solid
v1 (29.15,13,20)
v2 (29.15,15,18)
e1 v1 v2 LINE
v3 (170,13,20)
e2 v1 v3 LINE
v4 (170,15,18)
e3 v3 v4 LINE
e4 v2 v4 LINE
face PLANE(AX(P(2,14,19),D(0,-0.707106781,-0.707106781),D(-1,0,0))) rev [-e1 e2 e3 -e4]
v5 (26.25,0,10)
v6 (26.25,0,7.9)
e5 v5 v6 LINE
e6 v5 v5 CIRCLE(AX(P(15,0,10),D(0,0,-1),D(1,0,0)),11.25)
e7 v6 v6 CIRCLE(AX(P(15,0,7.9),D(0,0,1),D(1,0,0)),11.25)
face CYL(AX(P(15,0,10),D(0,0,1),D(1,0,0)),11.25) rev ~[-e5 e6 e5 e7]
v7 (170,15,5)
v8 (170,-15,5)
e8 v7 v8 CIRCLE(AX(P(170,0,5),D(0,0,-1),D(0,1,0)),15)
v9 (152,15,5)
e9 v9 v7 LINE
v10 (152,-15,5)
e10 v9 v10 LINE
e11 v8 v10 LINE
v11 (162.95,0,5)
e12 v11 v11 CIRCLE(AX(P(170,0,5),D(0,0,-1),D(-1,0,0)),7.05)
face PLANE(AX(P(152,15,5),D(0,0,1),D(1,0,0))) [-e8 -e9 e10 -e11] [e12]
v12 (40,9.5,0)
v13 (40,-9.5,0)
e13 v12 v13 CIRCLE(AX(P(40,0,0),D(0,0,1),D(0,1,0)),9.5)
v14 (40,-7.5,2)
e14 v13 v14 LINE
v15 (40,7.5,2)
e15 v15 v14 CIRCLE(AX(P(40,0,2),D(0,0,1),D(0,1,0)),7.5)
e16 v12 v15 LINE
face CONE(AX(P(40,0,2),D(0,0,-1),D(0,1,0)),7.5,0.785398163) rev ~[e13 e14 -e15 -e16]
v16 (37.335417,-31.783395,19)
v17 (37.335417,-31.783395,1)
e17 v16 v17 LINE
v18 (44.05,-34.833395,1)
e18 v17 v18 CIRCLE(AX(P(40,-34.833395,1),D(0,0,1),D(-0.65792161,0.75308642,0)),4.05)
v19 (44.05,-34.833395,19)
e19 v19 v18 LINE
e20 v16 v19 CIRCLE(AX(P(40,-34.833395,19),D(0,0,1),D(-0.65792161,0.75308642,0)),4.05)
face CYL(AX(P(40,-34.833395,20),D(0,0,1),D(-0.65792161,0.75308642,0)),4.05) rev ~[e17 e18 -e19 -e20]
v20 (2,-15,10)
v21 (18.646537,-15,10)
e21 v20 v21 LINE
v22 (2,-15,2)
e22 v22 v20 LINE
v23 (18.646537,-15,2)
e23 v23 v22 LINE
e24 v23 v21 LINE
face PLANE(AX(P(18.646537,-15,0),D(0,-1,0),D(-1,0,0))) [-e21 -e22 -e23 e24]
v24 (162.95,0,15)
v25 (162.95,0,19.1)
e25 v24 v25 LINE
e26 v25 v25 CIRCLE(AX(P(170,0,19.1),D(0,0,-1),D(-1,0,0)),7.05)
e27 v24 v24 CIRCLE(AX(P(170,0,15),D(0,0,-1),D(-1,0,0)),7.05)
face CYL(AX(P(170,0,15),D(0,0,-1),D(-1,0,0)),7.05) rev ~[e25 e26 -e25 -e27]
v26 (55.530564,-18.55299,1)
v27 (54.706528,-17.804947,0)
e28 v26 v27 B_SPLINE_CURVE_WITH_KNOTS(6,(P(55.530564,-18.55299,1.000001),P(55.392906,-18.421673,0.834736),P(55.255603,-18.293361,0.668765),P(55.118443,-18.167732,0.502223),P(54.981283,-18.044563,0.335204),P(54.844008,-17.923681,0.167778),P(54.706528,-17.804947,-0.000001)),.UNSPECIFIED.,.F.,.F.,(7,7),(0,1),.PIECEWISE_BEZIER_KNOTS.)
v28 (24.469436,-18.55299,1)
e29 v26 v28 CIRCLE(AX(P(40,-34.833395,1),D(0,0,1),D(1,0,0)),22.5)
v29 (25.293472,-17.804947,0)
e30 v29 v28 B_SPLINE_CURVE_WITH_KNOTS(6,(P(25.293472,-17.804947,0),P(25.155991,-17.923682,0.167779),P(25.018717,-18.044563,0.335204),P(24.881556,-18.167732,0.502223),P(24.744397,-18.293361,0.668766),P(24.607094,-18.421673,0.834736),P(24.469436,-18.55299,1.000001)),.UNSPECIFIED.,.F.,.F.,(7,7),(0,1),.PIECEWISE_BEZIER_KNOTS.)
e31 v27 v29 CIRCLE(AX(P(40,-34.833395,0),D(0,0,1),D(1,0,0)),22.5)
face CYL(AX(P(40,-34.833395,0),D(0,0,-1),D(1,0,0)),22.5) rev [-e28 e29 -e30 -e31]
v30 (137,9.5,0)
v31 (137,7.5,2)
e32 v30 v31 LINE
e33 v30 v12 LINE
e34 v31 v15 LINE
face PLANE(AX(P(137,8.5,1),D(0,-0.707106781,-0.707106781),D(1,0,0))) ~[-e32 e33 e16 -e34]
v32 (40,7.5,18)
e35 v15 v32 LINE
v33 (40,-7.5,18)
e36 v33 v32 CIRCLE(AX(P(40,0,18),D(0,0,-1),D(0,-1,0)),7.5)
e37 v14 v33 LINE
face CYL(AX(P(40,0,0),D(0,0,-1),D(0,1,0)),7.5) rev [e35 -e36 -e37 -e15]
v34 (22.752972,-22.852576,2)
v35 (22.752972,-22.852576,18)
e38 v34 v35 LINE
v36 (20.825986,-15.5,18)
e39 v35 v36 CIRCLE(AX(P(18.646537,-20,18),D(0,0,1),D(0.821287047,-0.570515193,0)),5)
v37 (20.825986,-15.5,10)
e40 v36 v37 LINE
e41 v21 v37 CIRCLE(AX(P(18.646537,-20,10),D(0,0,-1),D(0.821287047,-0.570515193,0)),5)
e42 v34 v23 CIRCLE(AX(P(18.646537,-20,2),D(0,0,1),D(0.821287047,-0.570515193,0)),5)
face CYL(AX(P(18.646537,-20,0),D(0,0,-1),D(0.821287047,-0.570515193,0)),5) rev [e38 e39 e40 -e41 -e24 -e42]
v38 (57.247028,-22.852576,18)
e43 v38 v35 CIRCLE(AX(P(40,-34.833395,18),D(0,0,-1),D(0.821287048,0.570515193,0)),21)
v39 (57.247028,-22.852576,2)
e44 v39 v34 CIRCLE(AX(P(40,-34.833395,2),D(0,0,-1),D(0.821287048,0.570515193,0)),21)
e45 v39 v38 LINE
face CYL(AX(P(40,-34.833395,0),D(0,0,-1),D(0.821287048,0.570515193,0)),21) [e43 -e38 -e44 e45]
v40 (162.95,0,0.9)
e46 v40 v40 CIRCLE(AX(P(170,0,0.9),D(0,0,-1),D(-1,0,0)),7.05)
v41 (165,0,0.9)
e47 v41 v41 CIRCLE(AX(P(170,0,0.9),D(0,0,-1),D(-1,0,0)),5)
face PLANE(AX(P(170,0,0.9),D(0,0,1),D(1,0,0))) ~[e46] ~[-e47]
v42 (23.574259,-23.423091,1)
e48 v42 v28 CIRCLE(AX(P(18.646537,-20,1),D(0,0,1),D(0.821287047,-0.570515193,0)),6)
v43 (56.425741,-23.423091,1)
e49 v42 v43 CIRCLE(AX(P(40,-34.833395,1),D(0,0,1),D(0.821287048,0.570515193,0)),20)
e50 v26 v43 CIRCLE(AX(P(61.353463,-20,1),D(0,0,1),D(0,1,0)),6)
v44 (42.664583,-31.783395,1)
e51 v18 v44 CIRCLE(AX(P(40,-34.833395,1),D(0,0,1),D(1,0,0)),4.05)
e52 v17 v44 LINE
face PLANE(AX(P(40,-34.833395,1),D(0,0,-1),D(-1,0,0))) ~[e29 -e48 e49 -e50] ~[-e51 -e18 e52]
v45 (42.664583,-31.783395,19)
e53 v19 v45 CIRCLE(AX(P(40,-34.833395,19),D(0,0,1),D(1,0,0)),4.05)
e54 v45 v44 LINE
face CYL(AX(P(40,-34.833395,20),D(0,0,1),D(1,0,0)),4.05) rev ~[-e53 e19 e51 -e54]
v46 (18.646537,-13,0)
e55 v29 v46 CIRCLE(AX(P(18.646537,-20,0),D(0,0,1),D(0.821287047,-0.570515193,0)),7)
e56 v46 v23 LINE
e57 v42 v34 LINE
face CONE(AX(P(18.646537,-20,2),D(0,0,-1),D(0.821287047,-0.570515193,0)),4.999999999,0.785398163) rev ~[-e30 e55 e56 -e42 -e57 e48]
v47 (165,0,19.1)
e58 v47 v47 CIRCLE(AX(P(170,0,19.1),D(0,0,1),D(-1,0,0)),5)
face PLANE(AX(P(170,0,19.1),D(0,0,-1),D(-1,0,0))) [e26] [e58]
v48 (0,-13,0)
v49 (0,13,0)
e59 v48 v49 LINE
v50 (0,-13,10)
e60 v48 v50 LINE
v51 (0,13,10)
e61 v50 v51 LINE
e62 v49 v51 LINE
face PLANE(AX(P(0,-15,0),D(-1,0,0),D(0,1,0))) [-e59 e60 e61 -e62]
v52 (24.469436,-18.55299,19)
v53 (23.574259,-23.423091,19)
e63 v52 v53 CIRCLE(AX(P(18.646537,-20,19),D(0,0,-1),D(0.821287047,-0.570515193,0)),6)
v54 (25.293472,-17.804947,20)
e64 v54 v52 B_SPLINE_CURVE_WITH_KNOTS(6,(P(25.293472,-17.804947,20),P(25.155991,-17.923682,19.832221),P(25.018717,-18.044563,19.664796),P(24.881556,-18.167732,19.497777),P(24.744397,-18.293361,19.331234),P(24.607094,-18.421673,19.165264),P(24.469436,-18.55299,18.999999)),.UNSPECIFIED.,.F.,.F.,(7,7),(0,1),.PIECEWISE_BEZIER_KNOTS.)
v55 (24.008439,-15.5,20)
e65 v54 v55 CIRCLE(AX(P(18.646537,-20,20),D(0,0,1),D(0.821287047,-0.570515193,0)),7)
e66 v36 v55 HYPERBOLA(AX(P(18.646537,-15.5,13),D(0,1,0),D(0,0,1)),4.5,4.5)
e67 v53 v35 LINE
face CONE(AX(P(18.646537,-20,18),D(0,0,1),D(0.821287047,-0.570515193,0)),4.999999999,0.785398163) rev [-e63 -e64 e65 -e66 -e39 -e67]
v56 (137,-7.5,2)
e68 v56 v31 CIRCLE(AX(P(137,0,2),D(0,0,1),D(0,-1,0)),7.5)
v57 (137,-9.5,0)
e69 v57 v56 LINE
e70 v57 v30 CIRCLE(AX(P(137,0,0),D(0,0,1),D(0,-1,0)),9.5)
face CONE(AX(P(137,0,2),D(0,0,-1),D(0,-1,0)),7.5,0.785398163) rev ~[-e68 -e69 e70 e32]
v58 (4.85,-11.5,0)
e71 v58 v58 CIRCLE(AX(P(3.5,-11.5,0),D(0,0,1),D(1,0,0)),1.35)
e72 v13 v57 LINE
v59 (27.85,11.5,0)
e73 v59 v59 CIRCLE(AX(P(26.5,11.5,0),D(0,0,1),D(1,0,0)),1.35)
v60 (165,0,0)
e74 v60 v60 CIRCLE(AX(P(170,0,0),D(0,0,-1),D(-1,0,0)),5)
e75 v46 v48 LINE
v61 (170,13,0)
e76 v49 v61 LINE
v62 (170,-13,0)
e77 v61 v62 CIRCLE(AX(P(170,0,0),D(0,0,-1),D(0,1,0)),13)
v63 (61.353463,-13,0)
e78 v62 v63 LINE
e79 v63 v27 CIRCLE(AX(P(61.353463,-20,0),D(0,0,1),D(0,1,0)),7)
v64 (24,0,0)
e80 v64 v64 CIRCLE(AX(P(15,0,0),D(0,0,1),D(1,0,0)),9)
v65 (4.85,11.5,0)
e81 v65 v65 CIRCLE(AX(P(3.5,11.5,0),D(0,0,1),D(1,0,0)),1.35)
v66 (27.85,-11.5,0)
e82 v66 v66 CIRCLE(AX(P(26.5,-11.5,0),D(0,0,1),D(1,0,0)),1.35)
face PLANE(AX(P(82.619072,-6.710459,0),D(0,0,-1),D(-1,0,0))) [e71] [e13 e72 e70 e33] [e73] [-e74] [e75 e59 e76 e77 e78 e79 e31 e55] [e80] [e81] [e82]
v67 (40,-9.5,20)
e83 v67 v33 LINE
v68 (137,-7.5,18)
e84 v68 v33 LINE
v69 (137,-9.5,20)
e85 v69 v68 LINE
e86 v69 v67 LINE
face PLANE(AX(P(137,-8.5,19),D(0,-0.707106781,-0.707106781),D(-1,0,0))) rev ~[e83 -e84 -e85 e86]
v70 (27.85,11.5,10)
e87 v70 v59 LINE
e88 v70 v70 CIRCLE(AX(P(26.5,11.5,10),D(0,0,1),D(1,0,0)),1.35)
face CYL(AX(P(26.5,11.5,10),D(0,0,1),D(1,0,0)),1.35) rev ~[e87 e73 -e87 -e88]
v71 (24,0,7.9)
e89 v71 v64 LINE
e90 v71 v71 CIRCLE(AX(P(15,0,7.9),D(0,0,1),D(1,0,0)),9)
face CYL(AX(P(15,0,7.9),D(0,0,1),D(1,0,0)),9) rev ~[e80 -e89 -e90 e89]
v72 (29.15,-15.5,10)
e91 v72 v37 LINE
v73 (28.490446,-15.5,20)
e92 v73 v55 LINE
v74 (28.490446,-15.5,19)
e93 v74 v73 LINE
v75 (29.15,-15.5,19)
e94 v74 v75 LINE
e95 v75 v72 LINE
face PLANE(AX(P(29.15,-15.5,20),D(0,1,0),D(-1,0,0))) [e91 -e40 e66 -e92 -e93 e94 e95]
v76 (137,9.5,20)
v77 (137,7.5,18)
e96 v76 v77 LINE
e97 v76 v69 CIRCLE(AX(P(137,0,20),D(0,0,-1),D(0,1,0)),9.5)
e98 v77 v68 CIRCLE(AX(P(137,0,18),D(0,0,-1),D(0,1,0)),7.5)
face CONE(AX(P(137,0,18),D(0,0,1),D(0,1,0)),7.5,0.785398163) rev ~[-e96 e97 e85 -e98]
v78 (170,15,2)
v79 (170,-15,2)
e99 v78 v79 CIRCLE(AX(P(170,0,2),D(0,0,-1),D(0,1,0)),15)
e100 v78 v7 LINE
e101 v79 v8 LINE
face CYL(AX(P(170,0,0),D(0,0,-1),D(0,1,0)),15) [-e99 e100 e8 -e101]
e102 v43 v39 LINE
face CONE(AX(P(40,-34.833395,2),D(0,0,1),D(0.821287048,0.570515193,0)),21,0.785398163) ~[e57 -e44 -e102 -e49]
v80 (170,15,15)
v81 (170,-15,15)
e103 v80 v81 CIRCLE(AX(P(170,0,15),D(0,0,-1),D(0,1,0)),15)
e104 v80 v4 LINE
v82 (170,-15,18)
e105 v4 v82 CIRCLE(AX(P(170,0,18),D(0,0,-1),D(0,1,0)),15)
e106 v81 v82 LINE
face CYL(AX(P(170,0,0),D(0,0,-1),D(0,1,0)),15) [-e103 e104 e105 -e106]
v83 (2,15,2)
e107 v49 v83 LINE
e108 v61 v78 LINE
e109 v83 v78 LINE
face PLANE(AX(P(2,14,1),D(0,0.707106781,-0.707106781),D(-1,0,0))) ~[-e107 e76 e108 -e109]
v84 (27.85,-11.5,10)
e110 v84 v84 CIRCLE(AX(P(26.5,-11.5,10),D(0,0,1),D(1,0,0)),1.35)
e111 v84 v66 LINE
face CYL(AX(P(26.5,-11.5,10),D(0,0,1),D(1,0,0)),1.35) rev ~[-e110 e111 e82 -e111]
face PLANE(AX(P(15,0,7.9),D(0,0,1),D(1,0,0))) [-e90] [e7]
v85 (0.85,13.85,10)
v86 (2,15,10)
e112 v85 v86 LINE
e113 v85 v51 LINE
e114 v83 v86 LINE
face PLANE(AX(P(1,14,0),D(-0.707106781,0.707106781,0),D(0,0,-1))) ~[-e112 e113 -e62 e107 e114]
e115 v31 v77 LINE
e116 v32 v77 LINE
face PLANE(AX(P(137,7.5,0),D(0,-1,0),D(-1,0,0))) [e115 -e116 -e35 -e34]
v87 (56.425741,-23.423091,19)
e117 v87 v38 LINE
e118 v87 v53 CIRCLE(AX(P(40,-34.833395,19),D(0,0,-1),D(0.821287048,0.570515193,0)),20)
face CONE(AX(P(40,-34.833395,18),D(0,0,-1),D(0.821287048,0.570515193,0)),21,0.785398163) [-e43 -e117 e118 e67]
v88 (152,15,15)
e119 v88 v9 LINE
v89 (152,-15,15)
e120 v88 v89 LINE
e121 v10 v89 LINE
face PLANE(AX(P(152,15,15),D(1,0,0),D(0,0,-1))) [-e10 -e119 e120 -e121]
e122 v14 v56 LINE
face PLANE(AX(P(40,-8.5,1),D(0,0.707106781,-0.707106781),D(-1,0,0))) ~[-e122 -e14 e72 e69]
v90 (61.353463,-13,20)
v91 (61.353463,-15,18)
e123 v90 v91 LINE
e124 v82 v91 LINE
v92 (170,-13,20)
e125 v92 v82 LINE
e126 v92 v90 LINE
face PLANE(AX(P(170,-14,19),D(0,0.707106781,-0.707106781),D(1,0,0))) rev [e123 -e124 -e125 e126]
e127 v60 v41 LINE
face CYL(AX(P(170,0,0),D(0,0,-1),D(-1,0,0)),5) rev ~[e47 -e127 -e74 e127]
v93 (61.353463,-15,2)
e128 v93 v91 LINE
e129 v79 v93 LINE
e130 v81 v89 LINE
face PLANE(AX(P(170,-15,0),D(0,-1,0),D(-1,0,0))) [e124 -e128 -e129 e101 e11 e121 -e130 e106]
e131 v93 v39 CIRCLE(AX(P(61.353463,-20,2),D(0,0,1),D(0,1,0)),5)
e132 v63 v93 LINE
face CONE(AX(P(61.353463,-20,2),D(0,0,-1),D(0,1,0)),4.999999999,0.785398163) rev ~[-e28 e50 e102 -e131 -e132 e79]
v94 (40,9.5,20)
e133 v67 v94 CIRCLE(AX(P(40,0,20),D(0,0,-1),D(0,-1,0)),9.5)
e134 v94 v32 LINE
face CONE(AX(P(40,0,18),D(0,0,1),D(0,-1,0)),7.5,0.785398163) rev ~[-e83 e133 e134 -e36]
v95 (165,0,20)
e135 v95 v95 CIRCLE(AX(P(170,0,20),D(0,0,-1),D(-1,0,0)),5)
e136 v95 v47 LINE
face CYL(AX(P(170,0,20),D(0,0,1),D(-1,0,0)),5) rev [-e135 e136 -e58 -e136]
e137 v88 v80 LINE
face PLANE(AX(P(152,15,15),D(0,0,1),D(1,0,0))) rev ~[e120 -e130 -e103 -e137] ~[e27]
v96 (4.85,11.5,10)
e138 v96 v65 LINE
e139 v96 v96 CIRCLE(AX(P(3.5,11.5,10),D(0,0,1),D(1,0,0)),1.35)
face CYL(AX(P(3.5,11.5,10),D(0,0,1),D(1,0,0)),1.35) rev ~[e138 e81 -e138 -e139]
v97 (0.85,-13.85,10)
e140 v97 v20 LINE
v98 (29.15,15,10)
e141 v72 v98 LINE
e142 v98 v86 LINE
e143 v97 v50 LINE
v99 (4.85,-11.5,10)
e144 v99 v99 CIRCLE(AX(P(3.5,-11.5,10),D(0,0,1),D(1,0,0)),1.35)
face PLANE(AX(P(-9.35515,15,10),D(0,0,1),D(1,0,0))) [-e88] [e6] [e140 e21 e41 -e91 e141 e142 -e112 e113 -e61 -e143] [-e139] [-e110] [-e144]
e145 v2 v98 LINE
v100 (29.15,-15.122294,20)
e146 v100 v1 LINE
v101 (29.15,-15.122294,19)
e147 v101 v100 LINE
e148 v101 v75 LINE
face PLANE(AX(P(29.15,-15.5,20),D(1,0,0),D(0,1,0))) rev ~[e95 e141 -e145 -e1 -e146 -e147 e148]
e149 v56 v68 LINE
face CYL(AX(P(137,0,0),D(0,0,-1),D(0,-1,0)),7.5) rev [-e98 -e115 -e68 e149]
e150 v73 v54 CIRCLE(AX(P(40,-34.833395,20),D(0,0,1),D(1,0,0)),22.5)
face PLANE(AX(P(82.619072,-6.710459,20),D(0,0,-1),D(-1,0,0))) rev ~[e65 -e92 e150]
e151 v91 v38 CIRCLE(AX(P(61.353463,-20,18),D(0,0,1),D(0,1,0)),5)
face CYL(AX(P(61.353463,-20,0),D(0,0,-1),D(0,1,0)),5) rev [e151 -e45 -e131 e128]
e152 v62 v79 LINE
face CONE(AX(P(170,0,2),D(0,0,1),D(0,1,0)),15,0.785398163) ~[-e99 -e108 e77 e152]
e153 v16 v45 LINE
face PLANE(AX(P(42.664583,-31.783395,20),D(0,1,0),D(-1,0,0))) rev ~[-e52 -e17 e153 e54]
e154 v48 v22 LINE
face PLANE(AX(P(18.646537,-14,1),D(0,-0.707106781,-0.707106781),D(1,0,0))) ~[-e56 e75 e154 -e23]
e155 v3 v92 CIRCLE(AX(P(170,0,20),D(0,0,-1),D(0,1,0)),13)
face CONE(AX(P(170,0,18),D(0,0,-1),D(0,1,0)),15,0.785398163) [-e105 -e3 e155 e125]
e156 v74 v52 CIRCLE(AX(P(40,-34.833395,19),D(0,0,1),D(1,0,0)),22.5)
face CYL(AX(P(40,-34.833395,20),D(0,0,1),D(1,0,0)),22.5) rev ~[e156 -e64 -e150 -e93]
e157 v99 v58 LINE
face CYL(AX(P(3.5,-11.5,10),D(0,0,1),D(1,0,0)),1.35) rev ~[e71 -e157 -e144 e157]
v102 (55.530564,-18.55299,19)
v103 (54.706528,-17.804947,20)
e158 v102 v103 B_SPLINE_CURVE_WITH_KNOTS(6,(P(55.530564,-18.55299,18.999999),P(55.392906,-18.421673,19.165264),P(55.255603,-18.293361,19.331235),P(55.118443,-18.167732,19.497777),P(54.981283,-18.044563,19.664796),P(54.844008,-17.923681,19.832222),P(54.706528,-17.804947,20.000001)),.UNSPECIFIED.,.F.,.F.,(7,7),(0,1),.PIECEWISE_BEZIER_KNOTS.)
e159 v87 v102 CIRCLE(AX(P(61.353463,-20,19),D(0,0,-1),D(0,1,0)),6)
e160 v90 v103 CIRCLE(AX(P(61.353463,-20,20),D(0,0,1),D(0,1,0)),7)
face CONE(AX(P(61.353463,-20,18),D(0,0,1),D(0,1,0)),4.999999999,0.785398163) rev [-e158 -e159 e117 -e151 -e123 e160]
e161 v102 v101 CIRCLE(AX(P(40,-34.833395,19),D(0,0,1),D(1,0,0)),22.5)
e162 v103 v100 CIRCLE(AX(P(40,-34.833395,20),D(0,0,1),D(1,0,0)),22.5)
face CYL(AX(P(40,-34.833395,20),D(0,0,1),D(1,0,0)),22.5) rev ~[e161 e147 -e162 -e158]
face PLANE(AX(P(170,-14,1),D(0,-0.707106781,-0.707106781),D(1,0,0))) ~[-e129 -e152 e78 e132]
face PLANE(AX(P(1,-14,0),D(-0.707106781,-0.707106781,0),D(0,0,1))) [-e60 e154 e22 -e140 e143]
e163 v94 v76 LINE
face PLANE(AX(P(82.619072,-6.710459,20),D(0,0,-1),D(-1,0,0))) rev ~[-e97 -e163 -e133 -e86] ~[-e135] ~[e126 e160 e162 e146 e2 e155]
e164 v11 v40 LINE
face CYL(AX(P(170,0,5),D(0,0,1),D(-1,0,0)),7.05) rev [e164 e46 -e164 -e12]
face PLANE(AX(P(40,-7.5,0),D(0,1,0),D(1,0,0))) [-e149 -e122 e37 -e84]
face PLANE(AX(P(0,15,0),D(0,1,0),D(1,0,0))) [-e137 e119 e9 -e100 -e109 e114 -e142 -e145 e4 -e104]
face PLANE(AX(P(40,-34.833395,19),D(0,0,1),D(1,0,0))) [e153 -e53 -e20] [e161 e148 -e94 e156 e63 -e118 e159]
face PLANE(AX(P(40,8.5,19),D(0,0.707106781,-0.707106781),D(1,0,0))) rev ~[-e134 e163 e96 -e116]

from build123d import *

# Parameters (mm, degrees)
EXTRUDE_1_DEPTH      = 20
CHAMFER_1_SIZE       = 2
SKETCH_5_R           = 5
CUT_EXTRUDE_4_DEPTH  = 5
SKETCH_3_W           = 36
SKETCH_3_H           = 10
CUT_EXTRUDE_2_DEPTH  = 200.103917213
CUT_EXTRUDE_3_DEPTH  = 195.273950902
CHAMFER_2_SIZE       = 2
CHAMFER_3_SIZE       = 2
CHAMFER_4_SIZE       = 2
CUT_EXTRUDE_START    = -20
SKETCH_8_W           = 28.3
SKETCH_8_H           = 31
CUT_EXTRUDE_5_DEPTH  = 10
SKETCH_9_R           = 11.25
CUT_EXTRUDE_6_DEPTH  = 2.1
SKETCH_9_3_R         = 1.35
CUT_EXTRUDE_7_DEPTH  = 194.500304907
CUT_EXTRUDE_8_DEPTH  = 195.273950902
SKETCH_11_W          = 21.182127439
SKETCH_11_H          = 11.878785241
CUT_EXTRUDE_9_DEPTH  = 200.103917213
SKETCH_12_R          = 9
CUT_EXTRUDE_10_DEPTH = 194.62019006
SKETCH_13_R          = 7.05
CUT_EXTRUDE_11_DEPTH = 4.1
SKETCH_14_R          = 22.5
CUT_EXTRUDE_12_DEPTH = 1


with BuildPart() as part:
    # 草图1 → 凸台-拉伸1 (new body)
    with BuildSketch(Plane.XY):
        with BuildLine():
            Line((0, 15), (170, 15))
            ThreePointArc((170, 15), (185, 0), (170, -15))
            Line((170, -15), (61.353463239, -15))
            ThreePointArc((61.353463239, -15), (56.922725161, -17.682984659), (57.247028001, -22.852575965))
            ThreePointArc((57.247028001, -22.852575965), (40, -55.833395016), (22.752971999, -22.852575965))
            ThreePointArc((22.752971999, -22.852575965), (23.077274839, -17.682984659), (18.646536761, -15))
            Line((18.646536761, -15), (0, -15))
            Line((0, -15), (0, 15))
        make_face()
    extrude(amount=EXTRUDE_1_DEPTH)

    # 倒角1
    chamfer_1_edges = [part.edges().sort_by_distance(p)[0] for p in [
        (0, -15, 10),
        (0, 15, 10),
    ]]
    chamfer(chamfer_1_edges, length=CHAMFER_1_SIZE)

    # 草图5 → 切除-拉伸4 (cut)
    with BuildSketch(Plane(origin=(0, 0, 0), x_dir=(-1, 0, 0), z_dir=(0, 0, -1))):
        with Locations((-170, 0)):
            Circle(SKETCH_5_R)
    cut_extrude_4 = extrude(amount=-CUT_EXTRUDE_4_DEPTH, mode=Mode.SUBTRACT)

    # 草图3 → 切除-拉伸2 (cut, through all)
    with BuildSketch(Plane(origin=(0, 15, 0), x_dir=(1, 0, 0), z_dir=(0, 1, 0))):
        with Locations((170, -10)):
            Rectangle(SKETCH_3_W, SKETCH_3_H)
    extrude(amount=-CUT_EXTRUDE_2_DEPTH, mode=Mode.SUBTRACT)

    # 草图4 → 切除-拉伸3 (cut, through all)
    with BuildSketch(Plane(origin=(0, 0, 0), x_dir=(-1, 0, 0), z_dir=(0, 0, -1))):
        with BuildLine():
            Line((-40, -7.5), (-137, -7.5))
            ThreePointArc((-137, -7.5), (-144.5, 0), (-137, 7.5))
            Line((-137, 7.5), (-40, 7.5))
            ThreePointArc((-40, 7.5), (-32.5, 0), (-40, -7.5))
        make_face()
    extrude(amount=-CUT_EXTRUDE_3_DEPTH, mode=Mode.SUBTRACT)

    # 倒角2
    chamfer_2_edges = [part.edges().sort_by_distance(p)[0] for p in [
        (32.5, 0, 20),
        (88.5, -7.5, 20),
        (144.5, 0, 20),
        (88.5, 7.5, 20),
        (32.5, 0, 0),
        (88.5, 7.5, 0),
        (144.5, 0, 0),
        (88.5, -7.5, 0),
    ]]
    chamfer(chamfer_2_edges, length=CHAMFER_2_SIZE)

    # 倒角3
    chamfer_3_edges = [part.edges().sort_by_distance(p)[0] for p in [
        (10.323268381, -15, 0),
        (23.077274839, -17.682984659, 0),
        (40, -55.833395016, 0),
        (56.922725161, -17.682984659, 0),
        (115.676731619, -15, 0),
        (185, 0, 0),
        (86, 15, 0),
    ]]
    chamfer(chamfer_3_edges, length=CHAMFER_3_SIZE)

    # 倒角4
    chamfer_4_edges = [part.edges().sort_by_distance(p)[0] for p in [
        (10.323268381, -15, 20),
        (23.077274839, -17.682984659, 20),
        (40, -55.833395016, 20),
        (56.922725161, -17.682984659, 20),
        (115.676731619, -15, 20),
        (185, 0, 20),
        (86, 15, 20),
    ]]
    chamfer(chamfer_4_edges, length=CHAMFER_4_SIZE)

    # 镜向1: 切除-拉伸4 across plane
    add(cut_extrude_4.mirror(Plane(origin=(0, 0, 10), x_dir=(1, 0, 0), z_dir=(0, 0, -1))), mode=Mode.SUBTRACT)

    # 草图8 → 切除-拉伸5 (cut)
    with BuildSketch(Plane(origin=(0, 0, 0), x_dir=(-1, 0, 0), z_dir=(0, 0, -1)).offset(CUT_EXTRUDE_START)):
        with Locations((-15, 0)):
            Rectangle(SKETCH_8_W, SKETCH_8_H)
    extrude(amount=CUT_EXTRUDE_5_DEPTH, mode=Mode.SUBTRACT)

    # 草图9 → 切除-拉伸6 (cut)
    with BuildSketch(Plane.XY.offset(10)):
        with Locations((15, 0)):
            Circle(SKETCH_9_R)
    extrude(amount=-CUT_EXTRUDE_6_DEPTH, mode=Mode.SUBTRACT)

    # 草图9<3> → 切除-拉伸7 (cut, through all)
    with BuildSketch(Plane.XY.offset(10)):
        with Locations((26.5, 11.5)):
            Circle(SKETCH_9_3_R)
        with Locations((3.5, 11.5)):
            Circle(SKETCH_9_3_R)
        with Locations((3.5, -11.5)):
            Circle(SKETCH_9_3_R)
        with Locations((26.5, -11.5)):
            Circle(SKETCH_9_3_R)
    extrude(amount=-CUT_EXTRUDE_7_DEPTH, mode=Mode.SUBTRACT)

    # 草图10 → 切除-拉伸8 (cut, through all)
    with BuildSketch(Plane.XY.offset(20)):
        with BuildLine():
            Line((42.664582519, -31.783395016), (37.335417481, -31.783395016))
            ThreePointArc((37.335417481, -31.783395016), (38.32504615, -38.520810046), (44.05, -34.833395016))
            ThreePointArc((44.05, -34.833395016), (43.68741503, -33.158441166), (42.664582519, -31.783395016))
        make_face()
    extrude(amount=-CUT_EXTRUDE_8_DEPTH, mode=Mode.SUBTRACT)

    # 草图11 → 切除-拉伸9 (cut, through all)
    with BuildSketch(Plane(origin=(0, 15, 0), x_dir=(1, 0, 0), z_dir=(0, 1, 0))):
        with Locations((1.235913402, -15.939392621)):
            Rectangle(SKETCH_11_W, SKETCH_11_H)
    extrude(amount=-CUT_EXTRUDE_9_DEPTH, mode=Mode.SUBTRACT)

    # 草图12 → 切除-拉伸10 (cut, through all)
    with BuildSketch(Plane.XY.offset(7.9)):
        with Locations((15, 0)):
            Circle(SKETCH_12_R)
    extrude(amount=-CUT_EXTRUDE_10_DEPTH, mode=Mode.SUBTRACT)

    # 草图13 → 切除-拉伸11 (cut)
    with BuildSketch(Plane(origin=(0, 0, 15), x_dir=(-1, 0, 0), z_dir=(0, 0, -1))):
        with Locations((-170, 0)):
            Circle(SKETCH_13_R)
    cut_extrude_11 = extrude(amount=-CUT_EXTRUDE_11_DEPTH, mode=Mode.SUBTRACT)

    # 镜向2: 切除-拉伸11 across plane
    add(cut_extrude_11.mirror(Plane(origin=(0, 0, 10), x_dir=(1, 0, 0), z_dir=(0, 0, -1))), mode=Mode.SUBTRACT)

    # 草图14 → 切除-拉伸12 (cut)
    with BuildSketch(Plane.XY.offset(20)):
        with Locations((40, -34.833395016)):
            Circle(SKETCH_14_R)
    cut_extrude_12 = extrude(amount=-CUT_EXTRUDE_12_DEPTH, mode=Mode.SUBTRACT)

    # 镜向3: 切除-拉伸12 across plane
    add(cut_extrude_12.mirror(Plane(origin=(0, 0, 10), x_dir=(1, 0, 0), z_dir=(0, 0, -1))), mode=Mode.SUBTRACT)


solid = part.part
